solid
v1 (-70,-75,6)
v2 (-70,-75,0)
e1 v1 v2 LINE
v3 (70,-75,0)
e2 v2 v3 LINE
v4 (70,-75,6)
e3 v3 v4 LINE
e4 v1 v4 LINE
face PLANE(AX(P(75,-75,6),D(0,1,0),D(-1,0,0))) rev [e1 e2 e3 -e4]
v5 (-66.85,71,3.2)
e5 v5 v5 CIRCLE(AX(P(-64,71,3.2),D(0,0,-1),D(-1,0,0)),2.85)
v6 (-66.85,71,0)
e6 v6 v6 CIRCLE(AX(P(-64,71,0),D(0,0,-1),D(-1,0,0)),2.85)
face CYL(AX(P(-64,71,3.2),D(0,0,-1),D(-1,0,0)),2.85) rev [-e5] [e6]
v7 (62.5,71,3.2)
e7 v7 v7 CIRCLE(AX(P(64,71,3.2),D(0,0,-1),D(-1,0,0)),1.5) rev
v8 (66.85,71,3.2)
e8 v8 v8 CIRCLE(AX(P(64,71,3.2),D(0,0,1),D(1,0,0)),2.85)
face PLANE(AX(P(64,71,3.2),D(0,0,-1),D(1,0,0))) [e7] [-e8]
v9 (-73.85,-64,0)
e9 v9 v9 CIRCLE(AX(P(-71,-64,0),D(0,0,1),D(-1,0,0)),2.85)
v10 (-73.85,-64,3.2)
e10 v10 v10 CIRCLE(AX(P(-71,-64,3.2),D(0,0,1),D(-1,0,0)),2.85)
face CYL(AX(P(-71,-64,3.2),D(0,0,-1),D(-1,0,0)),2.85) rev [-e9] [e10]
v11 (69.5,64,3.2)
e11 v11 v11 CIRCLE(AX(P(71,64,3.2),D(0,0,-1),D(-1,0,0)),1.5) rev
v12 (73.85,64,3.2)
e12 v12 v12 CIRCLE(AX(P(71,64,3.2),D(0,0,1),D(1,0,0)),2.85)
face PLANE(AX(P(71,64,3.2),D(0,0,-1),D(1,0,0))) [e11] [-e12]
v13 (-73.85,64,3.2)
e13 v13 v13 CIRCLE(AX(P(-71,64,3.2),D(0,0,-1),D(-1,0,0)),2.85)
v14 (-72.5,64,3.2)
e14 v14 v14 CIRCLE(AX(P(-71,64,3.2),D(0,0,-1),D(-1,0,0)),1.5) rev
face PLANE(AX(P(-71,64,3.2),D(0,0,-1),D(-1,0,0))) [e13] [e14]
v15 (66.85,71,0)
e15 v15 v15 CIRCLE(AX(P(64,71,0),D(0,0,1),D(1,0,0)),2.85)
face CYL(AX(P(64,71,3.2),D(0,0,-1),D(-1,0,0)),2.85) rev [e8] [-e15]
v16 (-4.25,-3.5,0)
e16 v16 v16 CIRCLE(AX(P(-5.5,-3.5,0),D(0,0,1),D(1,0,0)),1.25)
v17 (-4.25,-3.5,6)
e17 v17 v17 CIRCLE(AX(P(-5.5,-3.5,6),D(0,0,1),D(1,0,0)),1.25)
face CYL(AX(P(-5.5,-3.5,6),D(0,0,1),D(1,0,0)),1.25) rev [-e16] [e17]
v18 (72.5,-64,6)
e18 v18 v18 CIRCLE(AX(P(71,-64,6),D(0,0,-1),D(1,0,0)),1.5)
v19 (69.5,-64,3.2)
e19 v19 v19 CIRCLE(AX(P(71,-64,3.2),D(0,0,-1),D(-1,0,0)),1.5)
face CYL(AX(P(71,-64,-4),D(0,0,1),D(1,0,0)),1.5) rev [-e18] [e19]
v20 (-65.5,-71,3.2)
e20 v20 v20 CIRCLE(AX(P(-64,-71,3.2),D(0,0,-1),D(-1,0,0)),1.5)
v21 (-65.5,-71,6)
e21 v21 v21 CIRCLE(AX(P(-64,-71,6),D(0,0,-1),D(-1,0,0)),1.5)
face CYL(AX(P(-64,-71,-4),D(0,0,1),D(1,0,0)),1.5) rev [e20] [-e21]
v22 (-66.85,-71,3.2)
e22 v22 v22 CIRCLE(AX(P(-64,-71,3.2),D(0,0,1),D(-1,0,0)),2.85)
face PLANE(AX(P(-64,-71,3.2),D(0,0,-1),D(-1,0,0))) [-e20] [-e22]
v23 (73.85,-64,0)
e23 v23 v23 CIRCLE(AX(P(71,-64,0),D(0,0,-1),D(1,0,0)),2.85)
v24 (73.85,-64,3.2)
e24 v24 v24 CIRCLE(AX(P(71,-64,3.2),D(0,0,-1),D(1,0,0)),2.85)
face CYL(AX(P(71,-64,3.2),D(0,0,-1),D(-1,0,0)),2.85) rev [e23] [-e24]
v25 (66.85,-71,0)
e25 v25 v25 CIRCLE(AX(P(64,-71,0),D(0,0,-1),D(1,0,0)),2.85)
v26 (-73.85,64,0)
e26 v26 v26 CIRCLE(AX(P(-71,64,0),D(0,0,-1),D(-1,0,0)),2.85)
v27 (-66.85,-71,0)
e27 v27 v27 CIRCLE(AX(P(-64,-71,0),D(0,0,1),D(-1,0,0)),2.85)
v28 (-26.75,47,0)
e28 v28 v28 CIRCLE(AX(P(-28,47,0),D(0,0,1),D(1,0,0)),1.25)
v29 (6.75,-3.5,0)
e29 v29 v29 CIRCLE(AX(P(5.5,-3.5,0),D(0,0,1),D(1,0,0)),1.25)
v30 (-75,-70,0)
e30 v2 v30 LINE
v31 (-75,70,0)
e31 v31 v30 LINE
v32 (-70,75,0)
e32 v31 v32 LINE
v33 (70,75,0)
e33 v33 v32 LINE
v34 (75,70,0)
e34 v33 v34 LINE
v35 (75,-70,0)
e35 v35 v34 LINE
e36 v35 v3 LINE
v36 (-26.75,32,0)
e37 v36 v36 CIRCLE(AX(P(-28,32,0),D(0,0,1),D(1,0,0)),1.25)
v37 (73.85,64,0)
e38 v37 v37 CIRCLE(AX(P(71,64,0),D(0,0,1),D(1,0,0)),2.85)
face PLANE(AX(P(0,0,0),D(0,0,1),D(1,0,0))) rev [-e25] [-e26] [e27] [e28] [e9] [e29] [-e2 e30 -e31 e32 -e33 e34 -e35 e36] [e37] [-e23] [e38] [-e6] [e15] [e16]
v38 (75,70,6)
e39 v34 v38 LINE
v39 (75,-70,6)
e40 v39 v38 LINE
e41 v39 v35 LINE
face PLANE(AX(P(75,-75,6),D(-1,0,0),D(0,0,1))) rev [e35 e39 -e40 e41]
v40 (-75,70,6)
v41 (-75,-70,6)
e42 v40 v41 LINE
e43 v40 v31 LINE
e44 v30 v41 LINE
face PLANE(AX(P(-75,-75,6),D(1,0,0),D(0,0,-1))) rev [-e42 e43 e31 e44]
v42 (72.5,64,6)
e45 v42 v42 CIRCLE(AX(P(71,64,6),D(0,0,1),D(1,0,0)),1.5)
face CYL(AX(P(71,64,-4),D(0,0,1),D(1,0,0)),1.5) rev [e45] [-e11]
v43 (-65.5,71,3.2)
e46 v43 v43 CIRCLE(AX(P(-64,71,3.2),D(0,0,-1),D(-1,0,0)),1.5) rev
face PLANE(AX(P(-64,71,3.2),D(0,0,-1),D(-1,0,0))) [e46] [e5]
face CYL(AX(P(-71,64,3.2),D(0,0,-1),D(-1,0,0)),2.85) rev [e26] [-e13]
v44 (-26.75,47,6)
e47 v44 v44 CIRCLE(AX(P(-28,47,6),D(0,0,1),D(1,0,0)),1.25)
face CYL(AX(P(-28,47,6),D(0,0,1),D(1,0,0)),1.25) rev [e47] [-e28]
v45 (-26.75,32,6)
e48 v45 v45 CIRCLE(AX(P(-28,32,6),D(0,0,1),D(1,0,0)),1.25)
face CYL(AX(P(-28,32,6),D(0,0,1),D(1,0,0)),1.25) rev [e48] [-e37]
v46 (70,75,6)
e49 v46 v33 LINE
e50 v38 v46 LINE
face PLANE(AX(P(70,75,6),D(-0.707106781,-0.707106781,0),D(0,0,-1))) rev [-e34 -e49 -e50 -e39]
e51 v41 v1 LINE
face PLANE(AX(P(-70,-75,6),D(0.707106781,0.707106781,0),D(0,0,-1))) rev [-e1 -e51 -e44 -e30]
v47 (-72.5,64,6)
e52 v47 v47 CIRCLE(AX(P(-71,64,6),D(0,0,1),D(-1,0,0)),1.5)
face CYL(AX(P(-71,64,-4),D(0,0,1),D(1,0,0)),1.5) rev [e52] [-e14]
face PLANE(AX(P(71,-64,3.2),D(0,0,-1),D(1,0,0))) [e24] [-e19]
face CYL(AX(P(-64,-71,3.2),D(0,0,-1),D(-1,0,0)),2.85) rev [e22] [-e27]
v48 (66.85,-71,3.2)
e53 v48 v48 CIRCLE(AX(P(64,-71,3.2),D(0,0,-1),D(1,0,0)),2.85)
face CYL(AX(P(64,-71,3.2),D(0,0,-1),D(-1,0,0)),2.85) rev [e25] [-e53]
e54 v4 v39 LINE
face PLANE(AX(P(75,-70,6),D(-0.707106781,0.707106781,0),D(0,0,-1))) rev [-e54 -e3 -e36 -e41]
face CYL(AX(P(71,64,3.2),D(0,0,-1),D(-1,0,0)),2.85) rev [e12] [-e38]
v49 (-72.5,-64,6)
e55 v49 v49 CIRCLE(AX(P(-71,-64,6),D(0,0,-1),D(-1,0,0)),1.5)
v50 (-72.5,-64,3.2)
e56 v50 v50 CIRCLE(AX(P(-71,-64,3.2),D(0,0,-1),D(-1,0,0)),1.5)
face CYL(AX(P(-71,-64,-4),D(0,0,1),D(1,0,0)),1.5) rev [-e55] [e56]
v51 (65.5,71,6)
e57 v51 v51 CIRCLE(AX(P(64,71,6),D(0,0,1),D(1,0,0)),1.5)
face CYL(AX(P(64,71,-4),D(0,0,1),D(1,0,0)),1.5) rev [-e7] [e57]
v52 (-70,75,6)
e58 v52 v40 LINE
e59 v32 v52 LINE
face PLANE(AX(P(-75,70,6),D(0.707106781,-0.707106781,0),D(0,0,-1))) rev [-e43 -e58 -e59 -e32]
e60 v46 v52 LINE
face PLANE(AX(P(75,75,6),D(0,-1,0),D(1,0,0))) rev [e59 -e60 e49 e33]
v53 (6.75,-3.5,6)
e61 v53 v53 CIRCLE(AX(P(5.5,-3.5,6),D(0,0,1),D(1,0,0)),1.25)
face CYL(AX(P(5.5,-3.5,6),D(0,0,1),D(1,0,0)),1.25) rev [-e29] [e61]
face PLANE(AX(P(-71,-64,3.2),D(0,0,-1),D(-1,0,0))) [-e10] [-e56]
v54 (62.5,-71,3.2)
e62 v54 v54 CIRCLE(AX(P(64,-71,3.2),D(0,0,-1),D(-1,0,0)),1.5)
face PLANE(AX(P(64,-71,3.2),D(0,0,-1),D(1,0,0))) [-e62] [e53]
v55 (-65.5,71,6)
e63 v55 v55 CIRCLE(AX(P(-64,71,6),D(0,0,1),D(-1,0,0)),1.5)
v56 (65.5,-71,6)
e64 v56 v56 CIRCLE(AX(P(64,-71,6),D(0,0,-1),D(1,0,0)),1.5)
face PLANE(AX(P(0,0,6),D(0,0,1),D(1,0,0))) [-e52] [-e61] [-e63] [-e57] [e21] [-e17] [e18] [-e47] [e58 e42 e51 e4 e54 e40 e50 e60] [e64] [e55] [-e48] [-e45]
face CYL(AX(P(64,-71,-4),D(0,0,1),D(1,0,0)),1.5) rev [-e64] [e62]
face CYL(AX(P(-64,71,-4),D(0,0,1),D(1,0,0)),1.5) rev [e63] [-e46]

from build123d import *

# Parameters (mm, degrees)
SKETCH_1_W               = 150
SKETCH_1_H               = 150
EXTRUDE_1_DEPTH          = 6
CHAMFER_1_SIZE           = 5
SKETCH_2_R               = 1.5
CUT_EXTRUDE_1_DEPTH      = 10
SKETCH_3_R               = 2.85
CUT_EXTRUDE_2_DEPTH      = 3.2
MIRROR_2_COPY_1_SKETCH_R = 2.85
MIRROR_2_COPY_1_DEPTH    = 3.2
HOLE_WIZARD_M3_1_D       = 2.5
HOLE_WIZARD_M3_1_DEPTH   = 7.5
HOLE_WIZARD_M3_1_TIP     = 0.751075774
HOLE_WIZARD_M3_2_D       = 2.5
HOLE_WIZARD_M3_2_DEPTH   = 7.5
HOLE_WIZARD_M3_2_TIP     = 0.751075774


with BuildPart() as part:
    # 草图1 → 凸台-拉伸1 (new body)
    with BuildSketch(Plane.XY):
        Rectangle(SKETCH_1_W, SKETCH_1_H)
    extrude(amount=EXTRUDE_1_DEPTH)

    # 倒角1
    chamfer_1_edges = [part.edges().sort_by_distance(p)[0] for p in [
        (-75, 75, 3),
        (75, 75, 3),
        (75, -75, 3),
        (-75, -75, 3),
    ]]
    chamfer(chamfer_1_edges, length=CHAMFER_1_SIZE)

    # 草图2 → 切除-拉伸1 (cut)
    with BuildSketch(Plane.XY.offset(6)):
        with Locations((64, 71)):
            Circle(SKETCH_2_R)
        with Locations((71, 64)):
            Circle(SKETCH_2_R)
        with Locations((-71, 64)):
            Circle(SKETCH_2_R)
        with Locations((-64, 71)):
            Circle(SKETCH_2_R)
    cut_extrude_1 = extrude(amount=-CUT_EXTRUDE_1_DEPTH, mode=Mode.SUBTRACT)

    # 草图3 → 切除-拉伸2 (cut)
    with BuildSketch(Plane(origin=(0, 0, 0), x_dir=(-1, 0, 0), z_dir=(0, 0, -1))):
        with Locations((64, 71)):
            Circle(SKETCH_3_R)
        with Locations((71, 64)):
            Circle(SKETCH_3_R)
    cut_extrude_2 = extrude(amount=-CUT_EXTRUDE_2_DEPTH, mode=Mode.SUBTRACT)

    # 镜向1: 切除-拉伸2 across plane
    add(cut_extrude_2.mirror(Plane(origin=(0, 0, 0), x_dir=(0, 0, 1), z_dir=(1, 0, 0))), mode=Mode.SUBTRACT)

    # 镜向2: 切除-拉伸1, 切除-拉伸2 across plane
    add(cut_extrude_1.mirror(Plane.ZX), mode=Mode.SUBTRACT)
    add(cut_extrude_2.mirror(Plane.ZX), mode=Mode.SUBTRACT)

    # 镜向2 copy 1 sketch → 镜向2 copy 1 (cut)
    with BuildSketch(Plane(origin=(0, 0, 0), x_dir=(1, 0, 0), z_dir=(0, 0, -1))):
        with Locations((64, 71)):
            Circle(MIRROR_2_COPY_1_SKETCH_R)
        with Locations((71, 64)):
            Circle(MIRROR_2_COPY_1_SKETCH_R)
    extrude(amount=-MIRROR_2_COPY_1_DEPTH, mode=Mode.SUBTRACT)

    # M3 螺纹孔1
    with Locations(Plane.XY.offset(6)):
        with Locations((-5.5, -3.5), (5.5, -3.5)):
            Hole(HOLE_WIZARD_M3_1_D / 2, depth=HOLE_WIZARD_M3_1_DEPTH)
            with Locations((0, 0, -(HOLE_WIZARD_M3_1_DEPTH + HOLE_WIZARD_M3_1_TIP / 2))):  # 118° drill point
                Cone(0, HOLE_WIZARD_M3_1_D / 2, HOLE_WIZARD_M3_1_TIP, mode=Mode.SUBTRACT)

    # M3 螺纹孔2
    with Locations(Plane.XY.offset(6)):
        with Locations((-28, 47), (-28, 32)):
            Hole(HOLE_WIZARD_M3_2_D / 2, depth=HOLE_WIZARD_M3_2_DEPTH)
            with Locations((0, 0, -(HOLE_WIZARD_M3_2_DEPTH + HOLE_WIZARD_M3_2_TIP / 2))):  # 118° drill point
                Cone(0, HOLE_WIZARD_M3_2_D / 2, HOLE_WIZARD_M3_2_TIP, mode=Mode.SUBTRACT)


solid = part.part
